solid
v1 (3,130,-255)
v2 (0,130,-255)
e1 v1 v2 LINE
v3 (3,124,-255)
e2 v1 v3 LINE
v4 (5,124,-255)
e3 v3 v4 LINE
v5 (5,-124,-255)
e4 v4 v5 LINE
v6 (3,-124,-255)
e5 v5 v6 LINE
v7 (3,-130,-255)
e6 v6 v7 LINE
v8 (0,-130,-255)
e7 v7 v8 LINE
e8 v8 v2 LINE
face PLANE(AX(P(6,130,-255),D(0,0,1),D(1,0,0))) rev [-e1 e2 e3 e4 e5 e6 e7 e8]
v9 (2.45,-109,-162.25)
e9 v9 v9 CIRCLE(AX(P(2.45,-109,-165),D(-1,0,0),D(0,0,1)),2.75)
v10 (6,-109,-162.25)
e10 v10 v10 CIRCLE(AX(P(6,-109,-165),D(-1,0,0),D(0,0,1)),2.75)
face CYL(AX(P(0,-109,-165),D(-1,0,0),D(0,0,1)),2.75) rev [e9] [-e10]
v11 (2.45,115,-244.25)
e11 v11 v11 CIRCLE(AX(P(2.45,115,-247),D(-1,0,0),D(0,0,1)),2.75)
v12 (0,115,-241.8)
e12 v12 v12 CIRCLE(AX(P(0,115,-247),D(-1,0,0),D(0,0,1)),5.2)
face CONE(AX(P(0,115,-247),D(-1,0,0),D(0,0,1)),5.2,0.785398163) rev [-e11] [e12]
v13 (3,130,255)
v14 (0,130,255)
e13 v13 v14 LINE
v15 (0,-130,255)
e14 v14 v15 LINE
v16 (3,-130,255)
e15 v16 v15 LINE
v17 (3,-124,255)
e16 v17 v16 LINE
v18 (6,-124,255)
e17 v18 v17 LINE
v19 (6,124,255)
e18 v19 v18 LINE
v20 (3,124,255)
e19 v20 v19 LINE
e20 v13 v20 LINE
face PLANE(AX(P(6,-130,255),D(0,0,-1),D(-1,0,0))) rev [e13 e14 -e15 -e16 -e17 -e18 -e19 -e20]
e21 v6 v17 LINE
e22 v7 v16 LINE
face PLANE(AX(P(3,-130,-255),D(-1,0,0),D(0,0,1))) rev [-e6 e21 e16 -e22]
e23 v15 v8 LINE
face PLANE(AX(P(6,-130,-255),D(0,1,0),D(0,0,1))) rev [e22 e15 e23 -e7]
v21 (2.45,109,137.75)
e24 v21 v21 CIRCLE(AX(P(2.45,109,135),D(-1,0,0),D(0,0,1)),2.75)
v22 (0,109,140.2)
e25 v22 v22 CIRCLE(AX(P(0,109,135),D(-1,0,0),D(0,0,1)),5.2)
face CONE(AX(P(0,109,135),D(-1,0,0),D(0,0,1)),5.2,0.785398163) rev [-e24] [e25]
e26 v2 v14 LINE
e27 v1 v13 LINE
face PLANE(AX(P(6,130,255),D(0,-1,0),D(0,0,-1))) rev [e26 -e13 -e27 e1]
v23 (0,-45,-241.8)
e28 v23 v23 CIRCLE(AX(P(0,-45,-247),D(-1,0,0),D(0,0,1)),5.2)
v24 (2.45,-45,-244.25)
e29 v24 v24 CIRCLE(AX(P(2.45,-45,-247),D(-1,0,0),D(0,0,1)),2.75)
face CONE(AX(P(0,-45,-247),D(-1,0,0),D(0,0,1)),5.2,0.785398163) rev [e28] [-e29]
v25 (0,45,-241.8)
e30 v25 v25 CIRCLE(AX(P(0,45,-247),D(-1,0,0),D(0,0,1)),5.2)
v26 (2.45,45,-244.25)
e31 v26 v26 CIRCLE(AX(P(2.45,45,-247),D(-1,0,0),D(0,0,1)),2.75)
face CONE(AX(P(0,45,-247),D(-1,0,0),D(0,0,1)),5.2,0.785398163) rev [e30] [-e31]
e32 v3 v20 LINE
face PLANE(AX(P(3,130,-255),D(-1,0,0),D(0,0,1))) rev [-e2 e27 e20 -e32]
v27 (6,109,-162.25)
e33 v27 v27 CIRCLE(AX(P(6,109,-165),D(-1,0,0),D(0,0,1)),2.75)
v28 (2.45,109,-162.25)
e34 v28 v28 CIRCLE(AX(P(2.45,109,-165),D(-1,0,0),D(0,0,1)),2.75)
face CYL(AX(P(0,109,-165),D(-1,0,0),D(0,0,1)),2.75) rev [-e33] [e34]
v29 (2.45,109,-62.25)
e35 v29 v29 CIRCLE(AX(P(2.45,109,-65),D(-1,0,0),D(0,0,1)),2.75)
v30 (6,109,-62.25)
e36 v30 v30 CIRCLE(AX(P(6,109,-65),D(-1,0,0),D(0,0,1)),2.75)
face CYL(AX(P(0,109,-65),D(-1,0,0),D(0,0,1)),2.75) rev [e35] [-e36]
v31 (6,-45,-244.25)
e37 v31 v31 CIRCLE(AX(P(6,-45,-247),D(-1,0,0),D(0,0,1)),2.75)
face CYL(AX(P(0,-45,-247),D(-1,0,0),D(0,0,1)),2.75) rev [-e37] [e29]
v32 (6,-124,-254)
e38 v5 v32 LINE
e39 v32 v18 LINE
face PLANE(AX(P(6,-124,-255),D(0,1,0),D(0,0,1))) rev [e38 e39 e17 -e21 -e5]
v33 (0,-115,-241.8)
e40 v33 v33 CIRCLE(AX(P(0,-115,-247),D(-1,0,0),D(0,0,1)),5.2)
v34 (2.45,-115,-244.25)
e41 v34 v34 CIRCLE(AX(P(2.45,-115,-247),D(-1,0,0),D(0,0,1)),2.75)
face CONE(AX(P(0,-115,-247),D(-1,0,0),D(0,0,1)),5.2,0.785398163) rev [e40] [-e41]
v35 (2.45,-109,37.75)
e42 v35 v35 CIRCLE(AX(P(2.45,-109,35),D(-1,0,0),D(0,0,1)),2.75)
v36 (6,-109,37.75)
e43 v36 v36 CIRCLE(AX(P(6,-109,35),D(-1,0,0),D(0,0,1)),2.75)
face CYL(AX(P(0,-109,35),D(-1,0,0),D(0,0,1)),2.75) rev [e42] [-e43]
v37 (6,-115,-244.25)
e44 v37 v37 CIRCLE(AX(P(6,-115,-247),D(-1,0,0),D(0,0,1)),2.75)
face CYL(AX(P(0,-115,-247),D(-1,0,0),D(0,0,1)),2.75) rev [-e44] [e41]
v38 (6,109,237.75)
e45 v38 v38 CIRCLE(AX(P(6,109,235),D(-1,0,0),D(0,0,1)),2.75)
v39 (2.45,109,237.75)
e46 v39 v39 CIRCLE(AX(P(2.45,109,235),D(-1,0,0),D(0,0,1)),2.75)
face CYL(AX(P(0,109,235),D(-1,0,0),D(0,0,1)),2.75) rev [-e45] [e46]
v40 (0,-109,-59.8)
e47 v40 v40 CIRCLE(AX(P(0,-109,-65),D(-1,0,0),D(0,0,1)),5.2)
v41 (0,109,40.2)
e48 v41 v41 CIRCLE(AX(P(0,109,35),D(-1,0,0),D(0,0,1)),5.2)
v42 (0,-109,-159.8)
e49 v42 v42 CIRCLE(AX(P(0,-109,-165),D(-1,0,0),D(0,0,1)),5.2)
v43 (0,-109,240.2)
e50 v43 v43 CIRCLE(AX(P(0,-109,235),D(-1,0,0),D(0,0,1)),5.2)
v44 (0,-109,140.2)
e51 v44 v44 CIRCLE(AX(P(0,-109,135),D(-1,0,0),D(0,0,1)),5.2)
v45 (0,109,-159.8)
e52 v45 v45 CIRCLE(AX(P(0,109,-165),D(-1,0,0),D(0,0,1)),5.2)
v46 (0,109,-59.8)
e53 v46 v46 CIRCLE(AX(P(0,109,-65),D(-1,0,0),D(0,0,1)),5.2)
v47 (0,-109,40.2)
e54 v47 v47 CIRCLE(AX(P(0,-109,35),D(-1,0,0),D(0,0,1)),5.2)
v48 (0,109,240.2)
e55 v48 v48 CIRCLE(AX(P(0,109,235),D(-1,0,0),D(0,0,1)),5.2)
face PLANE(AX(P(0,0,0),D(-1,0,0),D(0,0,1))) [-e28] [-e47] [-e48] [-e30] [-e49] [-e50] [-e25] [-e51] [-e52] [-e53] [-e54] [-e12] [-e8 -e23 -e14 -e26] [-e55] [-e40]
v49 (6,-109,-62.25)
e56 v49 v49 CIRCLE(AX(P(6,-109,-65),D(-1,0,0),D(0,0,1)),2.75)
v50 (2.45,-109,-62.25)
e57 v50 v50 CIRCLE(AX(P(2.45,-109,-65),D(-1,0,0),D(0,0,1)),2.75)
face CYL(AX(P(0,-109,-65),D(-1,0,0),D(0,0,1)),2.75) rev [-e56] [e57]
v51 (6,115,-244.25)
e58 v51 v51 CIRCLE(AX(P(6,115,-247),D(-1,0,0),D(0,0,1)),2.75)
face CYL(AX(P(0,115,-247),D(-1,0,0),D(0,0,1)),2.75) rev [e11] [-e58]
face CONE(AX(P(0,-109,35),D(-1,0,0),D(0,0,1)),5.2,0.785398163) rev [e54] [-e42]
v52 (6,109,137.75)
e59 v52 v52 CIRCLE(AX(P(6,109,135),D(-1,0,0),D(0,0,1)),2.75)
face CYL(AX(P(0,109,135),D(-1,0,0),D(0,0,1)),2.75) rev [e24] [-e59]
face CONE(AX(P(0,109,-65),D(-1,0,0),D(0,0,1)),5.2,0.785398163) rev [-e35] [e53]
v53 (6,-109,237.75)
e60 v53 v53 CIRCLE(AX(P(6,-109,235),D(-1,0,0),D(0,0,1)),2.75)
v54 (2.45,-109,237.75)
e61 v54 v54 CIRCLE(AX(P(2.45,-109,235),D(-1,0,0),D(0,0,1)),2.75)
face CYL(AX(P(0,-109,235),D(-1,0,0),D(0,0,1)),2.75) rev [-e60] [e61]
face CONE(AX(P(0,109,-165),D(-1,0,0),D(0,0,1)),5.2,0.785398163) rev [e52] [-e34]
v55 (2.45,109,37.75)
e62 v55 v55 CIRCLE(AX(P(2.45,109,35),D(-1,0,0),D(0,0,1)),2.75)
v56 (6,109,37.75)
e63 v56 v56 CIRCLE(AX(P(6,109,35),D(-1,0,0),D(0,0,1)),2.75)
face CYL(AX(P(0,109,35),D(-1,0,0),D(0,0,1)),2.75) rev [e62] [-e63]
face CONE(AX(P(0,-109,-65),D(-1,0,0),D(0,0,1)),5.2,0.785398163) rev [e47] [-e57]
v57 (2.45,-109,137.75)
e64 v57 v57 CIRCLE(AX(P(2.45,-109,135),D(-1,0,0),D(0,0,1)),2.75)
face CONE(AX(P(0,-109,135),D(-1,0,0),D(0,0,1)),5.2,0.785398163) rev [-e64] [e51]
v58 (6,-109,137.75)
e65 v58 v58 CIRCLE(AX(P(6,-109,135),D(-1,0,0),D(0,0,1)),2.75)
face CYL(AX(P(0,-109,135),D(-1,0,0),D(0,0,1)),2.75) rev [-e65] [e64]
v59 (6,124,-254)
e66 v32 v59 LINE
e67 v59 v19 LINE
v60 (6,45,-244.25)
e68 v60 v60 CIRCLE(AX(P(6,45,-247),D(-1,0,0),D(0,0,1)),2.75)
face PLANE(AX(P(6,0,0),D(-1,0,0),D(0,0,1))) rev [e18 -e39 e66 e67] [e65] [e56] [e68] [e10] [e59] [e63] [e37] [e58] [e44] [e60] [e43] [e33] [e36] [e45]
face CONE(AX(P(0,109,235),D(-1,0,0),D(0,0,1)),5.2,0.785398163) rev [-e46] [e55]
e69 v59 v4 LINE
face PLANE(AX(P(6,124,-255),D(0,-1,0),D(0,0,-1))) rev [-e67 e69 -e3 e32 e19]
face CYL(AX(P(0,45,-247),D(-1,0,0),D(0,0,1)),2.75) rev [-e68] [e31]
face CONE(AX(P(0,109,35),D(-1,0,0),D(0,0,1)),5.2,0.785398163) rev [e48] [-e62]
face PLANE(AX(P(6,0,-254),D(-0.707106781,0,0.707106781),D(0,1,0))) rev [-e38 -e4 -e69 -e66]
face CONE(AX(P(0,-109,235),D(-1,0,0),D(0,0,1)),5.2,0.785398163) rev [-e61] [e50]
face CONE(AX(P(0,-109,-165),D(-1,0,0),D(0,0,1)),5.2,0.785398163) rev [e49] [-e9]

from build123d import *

# Parameters (mm, degrees)
SKETCH1_W                                            = 510
SKETCH1_H                                            = 260
BOSS_EXTRUDE1_DEPTH                                  = 6
SKIZZE2_W                                            = 3
SKIZZE2_H                                            = 6
SCHNITT_LINEAR_AUSTRAGEN1_DEPTH                      = 527.34209408
FORMSENKUNG_FUR_M5_LINSENSENKSCHRAUBE_MI_D           = 5.5
FORMSENKUNG_FUR_M5_LINSENSENKSCHRAUBE_MI_CSINK_D     = 10.4
FORMSENKUNG_FUR_M5_LINSENSENKSCHRAUBE_MI_CSINK_ANGLE = 90
CHAMFER1_SIZE                                        = 1
CSK_FOR_M5_COUNTERSUNK_RAISED_HEAD_SCREW_D           = 5.5
CSK_FOR_M5_COUNTERSUNK_RAISED_HEAD_SCREW_CSINK_D     = 10.4
CSK_FOR_M5_COUNTERSUNK_RAISED_HEAD_SCREW_CSINK_ANGLE = 90
LPATTERN1_COUNT                                      = 5
LPATTERN1_PITCH                                      = 100
MIRROR1_COPY_1_D                                     = 5.5
MIRROR1_COPY_1_CSINK_D                               = 10.4
MIRROR1_COPY_1_CSINK_ANGLE                           = 90
MIRROR1_COPY_2_D                                     = 5.5
MIRROR1_COPY_2_CSINK_D                               = 10.4
MIRROR1_COPY_2_CSINK_ANGLE                           = 90
MIRROR1_COPY_3_D                                     = 5.5
MIRROR1_COPY_3_CSINK_D                               = 10.4
MIRROR1_COPY_3_CSINK_ANGLE                           = 90
MIRROR1_COPY_4_D                                     = 5.5
MIRROR1_COPY_4_CSINK_D                               = 10.4
MIRROR1_COPY_4_CSINK_ANGLE                           = 90


with BuildPart() as part:
    # Sketch1 → Boss-Extrude1 (new body)
    with BuildSketch(Plane(origin=(0, 0, 0), x_dir=(0, 0, -1), z_dir=(1, 0, 0))):
        Rectangle(SKETCH1_W, SKETCH1_H)
    extrude(amount=BOSS_EXTRUDE1_DEPTH)

    # Skizze2 → Schnitt-Linear austragen1 (cut, through all)
    with BuildSketch(Plane.XY.offset(255)):
        with Locations((4.5, 127)):
            Rectangle(SKIZZE2_W, SKIZZE2_H)
        with Locations((4.5, -127)):
            Rectangle(SKIZZE2_W, SKIZZE2_H)
    extrude(amount=-SCHNITT_LINEAR_AUSTRAGEN1_DEPTH, mode=Mode.SUBTRACT)

    # Formsenkung fur M5 Linsensenkschraube mit Schlitz1 (through all)
    with Locations(Plane.ZY):
        with Locations((-247, 115), (-247, 45)):
            formsenkung_fur_m5_linsensenkschraube_mi = CounterSinkHole(FORMSENKUNG_FUR_M5_LINSENSENKSCHRAUBE_MI_D / 2, FORMSENKUNG_FUR_M5_LINSENSENKSCHRAUBE_MI_CSINK_D / 2, counter_sink_angle=FORMSENKUNG_FUR_M5_LINSENSENKSCHRAUBE_MI_CSINK_ANGLE)

    # Spiegeln1: Formsenkung fur M5 Linsensenkschraube mit Schlitz1 across plane
    add(formsenkung_fur_m5_linsensenkschraube_mi.mirror(Plane.ZX), mode=Mode.SUBTRACT)

    # Chamfer1
    chamfer1_edges = [part.edges().sort_by_distance(p)[0] for p in [
        (6, 0, -255),
    ]]
    chamfer(chamfer1_edges, length=CHAMFER1_SIZE)

    # CSK for M5 Countersunk Raised Head Screw1 (through all)
    with Locations(Plane.ZY):
        with Locations((235, -109)):
            csk_for_m5_countersunk_raised_head_screw = CounterSinkHole(CSK_FOR_M5_COUNTERSUNK_RAISED_HEAD_SCREW_D / 2, CSK_FOR_M5_COUNTERSUNK_RAISED_HEAD_SCREW_CSINK_D / 2, counter_sink_angle=CSK_FOR_M5_COUNTERSUNK_RAISED_HEAD_SCREW_CSINK_ANGLE)

    # LPattern1: CSK for M5 Countersunk Raised Head Screw1 ×5
    with Locations(*[(0, 0, -i * LPATTERN1_PITCH) for i in range(1, LPATTERN1_COUNT)]):
        add(csk_for_m5_countersunk_raised_head_screw, mode=Mode.SUBTRACT)

    # Mirror1: CSK for M5 Countersunk Raised Head Screw1 across plane
    add(csk_for_m5_countersunk_raised_head_screw.mirror(Plane.ZX), mode=Mode.SUBTRACT)

    # Mirror1 copy 1 (through all)
    with Locations(Plane(origin=(0, 0, -100), x_dir=(0, 0, 1), z_dir=(-1, 0, 0))):
        with Locations((235, 109)):
            CounterSinkHole(MIRROR1_COPY_1_D / 2, MIRROR1_COPY_1_CSINK_D / 2, counter_sink_angle=MIRROR1_COPY_1_CSINK_ANGLE)

    # Mirror1 copy 2 (through all)
    with Locations(Plane(origin=(0, 0, -200), x_dir=(0, 0, 1), z_dir=(-1, 0, 0))):
        with Locations((235, 109)):
            CounterSinkHole(MIRROR1_COPY_2_D / 2, MIRROR1_COPY_2_CSINK_D / 2, counter_sink_angle=MIRROR1_COPY_2_CSINK_ANGLE)

    # Mirror1 copy 3 (through all)
    with Locations(Plane(origin=(0, 0, -300), x_dir=(0, 0, 1), z_dir=(-1, 0, 0))):
        with Locations((235, 109)):
            CounterSinkHole(MIRROR1_COPY_3_D / 2, MIRROR1_COPY_3_CSINK_D / 2, counter_sink_angle=MIRROR1_COPY_3_CSINK_ANGLE)

    # Mirror1 copy 4 (through all)
    with Locations(Plane(origin=(0, 0, -400), x_dir=(0, 0, 1), z_dir=(-1, 0, 0))):
        with Locations((235, 109)):
            CounterSinkHole(MIRROR1_COPY_4_D / 2, MIRROR1_COPY_4_CSINK_D / 2, counter_sink_angle=MIRROR1_COPY_4_CSINK_ANGLE)


solid = part.part
